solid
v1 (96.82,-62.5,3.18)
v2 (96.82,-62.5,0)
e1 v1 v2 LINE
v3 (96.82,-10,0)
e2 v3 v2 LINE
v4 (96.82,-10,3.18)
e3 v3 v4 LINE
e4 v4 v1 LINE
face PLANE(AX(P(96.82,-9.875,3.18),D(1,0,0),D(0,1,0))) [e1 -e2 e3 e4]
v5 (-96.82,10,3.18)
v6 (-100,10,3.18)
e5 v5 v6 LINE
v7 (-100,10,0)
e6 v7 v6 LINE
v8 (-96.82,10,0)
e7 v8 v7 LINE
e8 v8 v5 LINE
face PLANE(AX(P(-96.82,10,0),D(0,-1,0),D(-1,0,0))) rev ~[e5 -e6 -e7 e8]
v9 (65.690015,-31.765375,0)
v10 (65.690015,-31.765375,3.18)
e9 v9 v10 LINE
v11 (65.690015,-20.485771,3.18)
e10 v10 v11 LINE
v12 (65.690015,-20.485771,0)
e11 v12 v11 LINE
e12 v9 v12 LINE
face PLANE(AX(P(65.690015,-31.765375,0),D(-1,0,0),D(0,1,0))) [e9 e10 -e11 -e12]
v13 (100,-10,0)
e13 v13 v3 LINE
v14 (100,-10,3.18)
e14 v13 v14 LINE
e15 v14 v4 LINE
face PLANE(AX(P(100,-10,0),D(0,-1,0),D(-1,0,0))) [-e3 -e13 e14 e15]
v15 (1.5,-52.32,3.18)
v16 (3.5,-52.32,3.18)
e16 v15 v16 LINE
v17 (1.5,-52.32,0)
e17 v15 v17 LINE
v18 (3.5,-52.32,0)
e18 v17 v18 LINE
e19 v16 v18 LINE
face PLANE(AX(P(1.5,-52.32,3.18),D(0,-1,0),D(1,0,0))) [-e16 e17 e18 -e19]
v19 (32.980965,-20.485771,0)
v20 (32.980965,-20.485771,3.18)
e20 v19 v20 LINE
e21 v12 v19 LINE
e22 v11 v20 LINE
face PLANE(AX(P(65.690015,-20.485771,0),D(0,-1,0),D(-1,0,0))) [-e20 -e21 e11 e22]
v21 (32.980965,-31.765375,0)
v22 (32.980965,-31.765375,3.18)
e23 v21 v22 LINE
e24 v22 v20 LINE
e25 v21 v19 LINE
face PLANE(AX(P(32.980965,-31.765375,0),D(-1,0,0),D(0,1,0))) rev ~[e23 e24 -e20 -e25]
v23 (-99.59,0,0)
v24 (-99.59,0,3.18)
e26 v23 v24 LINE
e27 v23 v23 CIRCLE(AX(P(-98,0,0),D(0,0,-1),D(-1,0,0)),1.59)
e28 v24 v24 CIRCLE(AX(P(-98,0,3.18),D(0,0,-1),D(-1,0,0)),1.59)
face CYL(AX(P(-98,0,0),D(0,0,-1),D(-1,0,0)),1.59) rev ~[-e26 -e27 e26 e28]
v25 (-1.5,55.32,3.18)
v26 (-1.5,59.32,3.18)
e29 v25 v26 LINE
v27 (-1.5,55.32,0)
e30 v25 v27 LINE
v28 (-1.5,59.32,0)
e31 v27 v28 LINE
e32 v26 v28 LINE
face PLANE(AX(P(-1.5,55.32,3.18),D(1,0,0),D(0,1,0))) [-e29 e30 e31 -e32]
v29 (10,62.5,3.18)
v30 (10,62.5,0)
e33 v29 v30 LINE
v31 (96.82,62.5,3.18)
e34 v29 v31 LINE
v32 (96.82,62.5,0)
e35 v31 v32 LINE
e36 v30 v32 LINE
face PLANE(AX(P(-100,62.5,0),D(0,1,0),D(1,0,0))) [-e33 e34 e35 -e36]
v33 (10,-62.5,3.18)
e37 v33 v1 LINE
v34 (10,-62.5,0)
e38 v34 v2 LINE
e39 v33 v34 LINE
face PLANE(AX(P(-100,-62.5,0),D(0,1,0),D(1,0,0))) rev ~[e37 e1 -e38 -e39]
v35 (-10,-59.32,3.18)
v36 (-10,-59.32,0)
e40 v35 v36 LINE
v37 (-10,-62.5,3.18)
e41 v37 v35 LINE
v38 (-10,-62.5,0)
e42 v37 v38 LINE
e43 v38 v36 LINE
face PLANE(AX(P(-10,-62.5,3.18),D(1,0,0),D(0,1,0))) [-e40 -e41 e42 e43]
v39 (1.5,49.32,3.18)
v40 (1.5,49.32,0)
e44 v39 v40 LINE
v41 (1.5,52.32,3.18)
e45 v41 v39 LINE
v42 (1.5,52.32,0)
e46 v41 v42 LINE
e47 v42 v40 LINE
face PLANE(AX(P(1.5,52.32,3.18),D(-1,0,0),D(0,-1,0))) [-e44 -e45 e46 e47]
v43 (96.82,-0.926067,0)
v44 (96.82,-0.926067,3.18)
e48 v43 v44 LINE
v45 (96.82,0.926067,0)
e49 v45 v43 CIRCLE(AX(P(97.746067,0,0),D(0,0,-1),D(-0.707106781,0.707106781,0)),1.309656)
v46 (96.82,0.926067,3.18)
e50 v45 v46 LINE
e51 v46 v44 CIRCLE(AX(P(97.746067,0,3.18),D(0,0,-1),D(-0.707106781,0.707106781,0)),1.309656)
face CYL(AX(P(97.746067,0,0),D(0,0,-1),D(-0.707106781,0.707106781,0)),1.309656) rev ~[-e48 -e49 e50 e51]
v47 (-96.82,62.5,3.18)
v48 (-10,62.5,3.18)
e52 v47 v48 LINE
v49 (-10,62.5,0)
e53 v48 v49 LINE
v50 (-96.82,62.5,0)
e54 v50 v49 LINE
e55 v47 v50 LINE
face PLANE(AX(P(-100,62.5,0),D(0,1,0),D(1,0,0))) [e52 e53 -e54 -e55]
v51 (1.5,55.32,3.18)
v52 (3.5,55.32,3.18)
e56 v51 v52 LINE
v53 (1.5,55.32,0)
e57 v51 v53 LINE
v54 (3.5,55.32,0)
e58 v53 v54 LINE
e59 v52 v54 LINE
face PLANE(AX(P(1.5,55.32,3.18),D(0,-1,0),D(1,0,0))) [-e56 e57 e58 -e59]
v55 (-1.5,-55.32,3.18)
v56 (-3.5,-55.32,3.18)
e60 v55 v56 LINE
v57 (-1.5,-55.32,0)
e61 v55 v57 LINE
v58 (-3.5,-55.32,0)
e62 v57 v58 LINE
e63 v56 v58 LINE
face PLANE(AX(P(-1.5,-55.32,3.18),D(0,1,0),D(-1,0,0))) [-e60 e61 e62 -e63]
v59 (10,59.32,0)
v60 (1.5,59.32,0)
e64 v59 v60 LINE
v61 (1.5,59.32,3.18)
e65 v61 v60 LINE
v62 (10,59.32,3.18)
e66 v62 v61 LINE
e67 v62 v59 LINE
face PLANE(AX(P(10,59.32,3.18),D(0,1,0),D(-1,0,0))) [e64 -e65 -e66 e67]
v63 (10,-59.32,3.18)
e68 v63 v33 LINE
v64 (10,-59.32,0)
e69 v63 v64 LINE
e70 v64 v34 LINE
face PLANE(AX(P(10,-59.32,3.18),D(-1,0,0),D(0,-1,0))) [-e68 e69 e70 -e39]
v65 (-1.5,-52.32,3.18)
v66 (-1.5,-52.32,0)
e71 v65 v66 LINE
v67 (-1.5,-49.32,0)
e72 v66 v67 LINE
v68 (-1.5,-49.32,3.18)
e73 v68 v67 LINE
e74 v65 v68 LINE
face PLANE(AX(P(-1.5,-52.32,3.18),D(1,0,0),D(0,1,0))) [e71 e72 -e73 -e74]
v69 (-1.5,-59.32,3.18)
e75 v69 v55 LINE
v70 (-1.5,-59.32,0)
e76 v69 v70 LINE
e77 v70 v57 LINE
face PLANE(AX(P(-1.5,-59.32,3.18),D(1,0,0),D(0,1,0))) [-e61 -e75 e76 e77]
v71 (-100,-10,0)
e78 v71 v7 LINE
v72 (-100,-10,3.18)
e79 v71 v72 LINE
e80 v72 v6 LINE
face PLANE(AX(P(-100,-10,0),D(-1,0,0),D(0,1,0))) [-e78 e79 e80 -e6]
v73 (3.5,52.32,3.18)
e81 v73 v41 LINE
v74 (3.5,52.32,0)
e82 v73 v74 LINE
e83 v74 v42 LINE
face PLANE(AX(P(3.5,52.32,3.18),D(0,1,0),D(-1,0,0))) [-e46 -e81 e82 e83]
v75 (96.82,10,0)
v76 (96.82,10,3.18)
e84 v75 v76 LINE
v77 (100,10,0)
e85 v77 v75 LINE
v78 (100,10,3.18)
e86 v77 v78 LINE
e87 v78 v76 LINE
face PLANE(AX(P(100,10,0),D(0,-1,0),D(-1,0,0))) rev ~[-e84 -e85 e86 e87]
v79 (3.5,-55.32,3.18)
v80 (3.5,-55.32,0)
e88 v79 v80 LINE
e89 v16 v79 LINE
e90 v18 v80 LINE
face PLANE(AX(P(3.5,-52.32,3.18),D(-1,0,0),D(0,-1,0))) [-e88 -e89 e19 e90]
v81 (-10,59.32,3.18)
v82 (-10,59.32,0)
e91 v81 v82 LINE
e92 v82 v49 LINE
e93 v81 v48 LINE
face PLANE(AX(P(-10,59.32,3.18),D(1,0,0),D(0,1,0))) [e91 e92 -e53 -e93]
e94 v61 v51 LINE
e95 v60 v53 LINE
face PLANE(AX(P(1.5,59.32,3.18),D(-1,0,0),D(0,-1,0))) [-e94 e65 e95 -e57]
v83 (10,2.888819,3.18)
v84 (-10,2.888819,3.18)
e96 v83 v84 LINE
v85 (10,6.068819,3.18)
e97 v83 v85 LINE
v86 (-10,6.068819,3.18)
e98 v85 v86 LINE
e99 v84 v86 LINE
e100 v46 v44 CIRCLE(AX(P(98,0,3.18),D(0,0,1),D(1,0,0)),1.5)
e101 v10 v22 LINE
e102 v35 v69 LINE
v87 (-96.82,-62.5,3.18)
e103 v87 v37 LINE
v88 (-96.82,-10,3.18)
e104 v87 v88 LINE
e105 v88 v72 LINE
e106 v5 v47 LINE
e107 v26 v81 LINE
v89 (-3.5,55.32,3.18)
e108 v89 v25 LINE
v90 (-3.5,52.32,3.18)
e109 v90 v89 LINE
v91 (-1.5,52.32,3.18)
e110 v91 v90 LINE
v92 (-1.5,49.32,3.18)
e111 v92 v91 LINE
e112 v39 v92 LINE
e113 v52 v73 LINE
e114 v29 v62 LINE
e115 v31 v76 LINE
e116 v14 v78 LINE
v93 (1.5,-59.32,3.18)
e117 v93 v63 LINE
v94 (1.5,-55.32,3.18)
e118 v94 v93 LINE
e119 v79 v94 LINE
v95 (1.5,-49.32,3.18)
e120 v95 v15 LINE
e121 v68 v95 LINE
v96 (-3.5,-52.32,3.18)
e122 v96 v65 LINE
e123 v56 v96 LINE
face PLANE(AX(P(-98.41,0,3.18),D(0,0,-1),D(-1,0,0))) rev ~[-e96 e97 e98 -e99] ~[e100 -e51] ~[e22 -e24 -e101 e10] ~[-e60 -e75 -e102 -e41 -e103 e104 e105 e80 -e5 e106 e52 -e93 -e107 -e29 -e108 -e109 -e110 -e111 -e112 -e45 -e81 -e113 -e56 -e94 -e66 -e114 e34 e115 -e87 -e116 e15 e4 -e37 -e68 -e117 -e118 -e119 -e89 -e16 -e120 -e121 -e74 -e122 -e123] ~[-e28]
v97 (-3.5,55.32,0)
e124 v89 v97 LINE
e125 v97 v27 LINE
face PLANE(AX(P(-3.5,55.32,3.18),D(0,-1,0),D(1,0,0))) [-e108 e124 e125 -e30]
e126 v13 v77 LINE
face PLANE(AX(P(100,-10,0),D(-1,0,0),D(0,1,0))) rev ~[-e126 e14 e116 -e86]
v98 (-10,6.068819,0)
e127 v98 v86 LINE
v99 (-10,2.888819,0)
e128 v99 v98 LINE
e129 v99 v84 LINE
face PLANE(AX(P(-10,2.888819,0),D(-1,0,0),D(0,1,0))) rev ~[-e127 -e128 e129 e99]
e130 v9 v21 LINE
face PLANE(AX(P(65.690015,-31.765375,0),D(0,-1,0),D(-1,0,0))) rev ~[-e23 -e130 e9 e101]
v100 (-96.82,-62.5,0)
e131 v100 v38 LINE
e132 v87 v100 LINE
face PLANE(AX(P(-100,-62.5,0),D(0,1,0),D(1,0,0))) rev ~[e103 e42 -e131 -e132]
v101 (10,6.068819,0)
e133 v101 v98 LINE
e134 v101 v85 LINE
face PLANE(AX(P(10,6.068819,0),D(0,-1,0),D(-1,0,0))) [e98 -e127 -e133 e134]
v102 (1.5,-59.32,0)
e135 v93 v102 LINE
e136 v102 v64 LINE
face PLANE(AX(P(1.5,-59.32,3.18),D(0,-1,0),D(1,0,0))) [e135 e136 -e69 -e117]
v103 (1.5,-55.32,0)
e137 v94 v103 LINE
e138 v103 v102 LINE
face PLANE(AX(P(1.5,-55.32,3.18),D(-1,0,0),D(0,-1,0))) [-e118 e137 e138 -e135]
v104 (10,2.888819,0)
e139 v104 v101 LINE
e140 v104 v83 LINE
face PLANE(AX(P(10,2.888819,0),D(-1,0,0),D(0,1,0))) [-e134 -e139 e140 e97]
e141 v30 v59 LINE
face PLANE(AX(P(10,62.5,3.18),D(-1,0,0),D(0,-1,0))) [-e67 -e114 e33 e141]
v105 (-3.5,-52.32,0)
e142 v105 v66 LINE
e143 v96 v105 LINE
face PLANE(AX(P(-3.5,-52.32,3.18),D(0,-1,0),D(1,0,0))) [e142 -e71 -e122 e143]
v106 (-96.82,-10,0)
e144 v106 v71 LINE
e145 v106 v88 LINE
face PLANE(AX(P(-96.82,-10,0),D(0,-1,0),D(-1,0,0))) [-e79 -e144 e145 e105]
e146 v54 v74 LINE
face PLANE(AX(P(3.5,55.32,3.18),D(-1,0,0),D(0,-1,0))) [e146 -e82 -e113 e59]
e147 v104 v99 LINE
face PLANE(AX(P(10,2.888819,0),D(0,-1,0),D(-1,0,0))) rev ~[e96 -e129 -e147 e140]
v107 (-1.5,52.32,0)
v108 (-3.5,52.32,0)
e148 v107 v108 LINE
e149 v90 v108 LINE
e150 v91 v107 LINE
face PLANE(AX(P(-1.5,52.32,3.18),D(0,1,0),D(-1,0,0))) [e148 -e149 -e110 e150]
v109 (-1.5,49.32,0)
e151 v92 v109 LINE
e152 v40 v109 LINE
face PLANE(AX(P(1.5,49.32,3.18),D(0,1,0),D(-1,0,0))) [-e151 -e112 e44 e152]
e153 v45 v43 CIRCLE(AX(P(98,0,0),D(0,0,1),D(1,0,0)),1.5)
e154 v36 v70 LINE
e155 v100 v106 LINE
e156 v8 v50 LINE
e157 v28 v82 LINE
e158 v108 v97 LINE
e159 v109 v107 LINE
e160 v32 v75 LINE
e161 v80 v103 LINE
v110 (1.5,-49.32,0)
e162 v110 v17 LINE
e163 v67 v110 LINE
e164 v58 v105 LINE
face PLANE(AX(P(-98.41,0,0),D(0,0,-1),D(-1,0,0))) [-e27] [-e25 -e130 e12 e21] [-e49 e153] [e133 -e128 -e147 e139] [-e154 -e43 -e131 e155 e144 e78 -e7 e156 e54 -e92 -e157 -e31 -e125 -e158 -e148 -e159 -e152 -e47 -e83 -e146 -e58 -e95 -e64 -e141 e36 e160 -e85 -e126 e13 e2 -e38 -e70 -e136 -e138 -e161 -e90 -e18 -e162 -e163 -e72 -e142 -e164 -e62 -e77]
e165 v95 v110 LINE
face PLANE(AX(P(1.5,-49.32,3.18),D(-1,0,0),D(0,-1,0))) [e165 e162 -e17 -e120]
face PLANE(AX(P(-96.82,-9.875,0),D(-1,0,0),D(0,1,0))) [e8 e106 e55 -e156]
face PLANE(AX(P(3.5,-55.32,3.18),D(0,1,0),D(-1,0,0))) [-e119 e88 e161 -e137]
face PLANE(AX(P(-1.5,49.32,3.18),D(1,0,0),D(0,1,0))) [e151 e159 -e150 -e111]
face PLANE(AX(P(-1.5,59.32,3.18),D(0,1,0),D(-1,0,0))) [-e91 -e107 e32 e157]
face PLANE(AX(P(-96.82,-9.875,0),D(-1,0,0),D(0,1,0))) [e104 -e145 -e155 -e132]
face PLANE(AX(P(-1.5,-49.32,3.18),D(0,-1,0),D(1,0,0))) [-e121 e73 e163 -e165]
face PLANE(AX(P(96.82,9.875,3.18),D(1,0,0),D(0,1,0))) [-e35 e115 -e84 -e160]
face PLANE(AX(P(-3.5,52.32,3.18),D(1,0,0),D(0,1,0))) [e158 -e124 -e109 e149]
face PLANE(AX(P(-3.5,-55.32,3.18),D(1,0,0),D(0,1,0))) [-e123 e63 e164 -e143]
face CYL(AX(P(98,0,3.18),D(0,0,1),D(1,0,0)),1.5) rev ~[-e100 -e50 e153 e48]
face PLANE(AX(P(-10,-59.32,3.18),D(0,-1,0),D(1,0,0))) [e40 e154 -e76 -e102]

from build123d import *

# Parameters (mm, degrees)
SKETCH1_W               = 200
SKETCH1_H               = 125
BOSS_EXTRUDE1_DEPTH     = 3.18
SKETCH2_R               = 1.5
SKETCH2_W               = 3.18
SKETCH2_H               = 52.625
CUT_EXTRUDE1_DEPTH      = 4.18
SKETCH6_W               = 20
SKETCH6_H               = 3.18
CUT_EXTRUDE4_DEPTH      = 3.18
SKETCH7_W               = 32.709050062
SKETCH7_H               = 11.279604012
CUT_EXTRUDE5_DEPTH      = 3.18
SKETCH8_W               = 3.18
SKETCH8_H               = 19.75
CUT_EXTRUDE6_DEPTH      = 4.18
SKETCH9_W               = 3.18
SKETCH9_H               = 19.75
CUT_EXTRUDE7_DEPTH      = 4.18
SKETCH11_W              = 3.18
SKETCH11_H              = 20
BOSS_EXTRUDE3_DEPTH     = 3.18
CUT_EXTRUDE9_DEPTH      = 1
CUT_EXTRUDE9_DEPTH_BACK = 4.18
SKETCH13_W              = 3.18
SKETCH13_H              = 20
BOSS_EXTRUDE4_DEPTH     = 3.18
SKETCH14_R              = 1.59
CUT_EXTRUDE12_DEPTH     = 10


with BuildPart() as part:
    # Sketch1 → Boss-Extrude1 (new body)
    with BuildSketch(Plane.XY):
        Rectangle(SKETCH1_W, SKETCH1_H)
    extrude(amount=BOSS_EXTRUDE1_DEPTH)

    # Sketch2 → Cut-Extrude1 (cut, through all)
    with BuildSketch(Plane.XY.offset(3.18)):
        with Locations((-98, 0)):
            Circle(SKETCH2_R)
        with Locations((98, 0)):
            Circle(SKETCH2_R)
        Polygon((-10, 62.5), (10, 62.5), (10, 59.32), (1.5, 59.32), (1.5, 55.32), (3.5, 55.32), (3.5, 52.32), (1.5, 52.32), (1.5, 49.32), (-1.5, 49.32), (-1.5, 52.32), (-3.5, 52.32), (-3.5, 55.32), (-1.5, 55.32), (-1.5, 59.32), (-10, 59.32), align=None)
        Polygon((-10, -62.5), (-10, -59.32), (-1.5, -59.32), (-1.5, -55.32), (-3.5, -55.32), (-3.5, -52.32), (-1.5, -52.32), (-1.5, -49.32), (1.5, -49.32), (1.5, -52.32), (3.5, -52.32), (3.5, -55.32), (1.5, -55.32), (1.5, -59.32), (10, -59.32), (10, -62.5), align=None)
        with Locations((-98.41, 36.1875)):
            Rectangle(SKETCH2_W, SKETCH2_H)
        with Locations((-98.41, -36.1875)):
            Rectangle(SKETCH2_W, SKETCH2_H)
        with Locations((98.41, -36.1875)):
            Rectangle(SKETCH2_W, SKETCH2_H)
        with Locations((98.41, 36.1875)):
            Rectangle(SKETCH2_W, SKETCH2_H)
    extrude(amount=-CUT_EXTRUDE1_DEPTH, mode=Mode.SUBTRACT)

    # Sketch6 → Cut-Extrude4 (cut)
    with BuildSketch(Plane(origin=(0, 0, 0), x_dir=(-1, 0, 0), z_dir=(0, 0, -1))):
        with Locations((0, 4.478818731)):
            Rectangle(SKETCH6_W, SKETCH6_H)
    extrude(amount=-CUT_EXTRUDE4_DEPTH, mode=Mode.SUBTRACT)

    # Sketch7 → Cut-Extrude5 (cut)
    with BuildSketch(Plane(origin=(0, 0, 0), x_dir=(-1, 0, 0), z_dir=(0, 0, -1))):
        with Locations((-49.335490264, -26.125573068)):
            Rectangle(SKETCH7_W, SKETCH7_H)
    extrude(amount=-CUT_EXTRUDE5_DEPTH, mode=Mode.SUBTRACT)

    # Sketch8 → Cut-Extrude6 (cut, through all)
    with BuildSketch(Plane(origin=(0, 0, 0), x_dir=(-1, 0, 0), z_dir=(0, 0, -1))):
        with Locations((98.41, 0)):
            Rectangle(SKETCH8_W, SKETCH8_H)
    extrude(amount=-CUT_EXTRUDE6_DEPTH, mode=Mode.SUBTRACT)

    # Sketch9 → Cut-Extrude7 (cut, through all)
    with BuildSketch(Plane.XY.offset(3.18)):
        with Locations((98.41, 0)):
            Rectangle(SKETCH9_W, SKETCH9_H)
    extrude(amount=-CUT_EXTRUDE7_DEPTH, mode=Mode.SUBTRACT)

    # Sketch11 → Boss-Extrude3 (add, through all)
    with BuildSketch(Plane(origin=(0, 0, 0), x_dir=(-1, 0, 0), z_dir=(0, 0, -1))):
        with Locations((-98.41, 0)):
            Rectangle(SKETCH11_W, SKETCH11_H)
    extrude(amount=-BOSS_EXTRUDE3_DEPTH)

    # Sketch12 → Cut-Extrude9 (cut, two sides)
    with BuildSketch(Plane(origin=(0, 0, 0), x_dir=(-1, 0, 0), z_dir=(0, 0, -1))) as cut_extrude9_sk:
        with BuildLine():
            Line((-96.82, -0.926066952), (-96.82, 0.926066952))
            ThreePointArc((-96.82, 0.926066952), (-99.055723396, 0), (-96.82, -0.926066952))
        make_face()
    extrude(amount=CUT_EXTRUDE9_DEPTH, mode=Mode.SUBTRACT)
    extrude(cut_extrude9_sk.sketch, amount=-CUT_EXTRUDE9_DEPTH_BACK, mode=Mode.SUBTRACT)

    # Sketch13 → Boss-Extrude4 (add, through all)
    with BuildSketch(Plane(origin=(0, 0, 0), x_dir=(-1, 0, 0), z_dir=(0, 0, -1))):
        with Locations((98.41, 0)):
            Rectangle(SKETCH13_W, SKETCH13_H)
    extrude(amount=-BOSS_EXTRUDE4_DEPTH)

    # Sketch14 → Cut-Extrude12 (cut)
    with BuildSketch(Plane(origin=(0, 0, 0), x_dir=(-1, 0, 0), z_dir=(0, 0, -1))):
        with Locations((98, 0)):
            Circle(SKETCH14_R)
    extrude(amount=-CUT_EXTRUDE12_DEPTH, mode=Mode.SUBTRACT)


solid = part.part
